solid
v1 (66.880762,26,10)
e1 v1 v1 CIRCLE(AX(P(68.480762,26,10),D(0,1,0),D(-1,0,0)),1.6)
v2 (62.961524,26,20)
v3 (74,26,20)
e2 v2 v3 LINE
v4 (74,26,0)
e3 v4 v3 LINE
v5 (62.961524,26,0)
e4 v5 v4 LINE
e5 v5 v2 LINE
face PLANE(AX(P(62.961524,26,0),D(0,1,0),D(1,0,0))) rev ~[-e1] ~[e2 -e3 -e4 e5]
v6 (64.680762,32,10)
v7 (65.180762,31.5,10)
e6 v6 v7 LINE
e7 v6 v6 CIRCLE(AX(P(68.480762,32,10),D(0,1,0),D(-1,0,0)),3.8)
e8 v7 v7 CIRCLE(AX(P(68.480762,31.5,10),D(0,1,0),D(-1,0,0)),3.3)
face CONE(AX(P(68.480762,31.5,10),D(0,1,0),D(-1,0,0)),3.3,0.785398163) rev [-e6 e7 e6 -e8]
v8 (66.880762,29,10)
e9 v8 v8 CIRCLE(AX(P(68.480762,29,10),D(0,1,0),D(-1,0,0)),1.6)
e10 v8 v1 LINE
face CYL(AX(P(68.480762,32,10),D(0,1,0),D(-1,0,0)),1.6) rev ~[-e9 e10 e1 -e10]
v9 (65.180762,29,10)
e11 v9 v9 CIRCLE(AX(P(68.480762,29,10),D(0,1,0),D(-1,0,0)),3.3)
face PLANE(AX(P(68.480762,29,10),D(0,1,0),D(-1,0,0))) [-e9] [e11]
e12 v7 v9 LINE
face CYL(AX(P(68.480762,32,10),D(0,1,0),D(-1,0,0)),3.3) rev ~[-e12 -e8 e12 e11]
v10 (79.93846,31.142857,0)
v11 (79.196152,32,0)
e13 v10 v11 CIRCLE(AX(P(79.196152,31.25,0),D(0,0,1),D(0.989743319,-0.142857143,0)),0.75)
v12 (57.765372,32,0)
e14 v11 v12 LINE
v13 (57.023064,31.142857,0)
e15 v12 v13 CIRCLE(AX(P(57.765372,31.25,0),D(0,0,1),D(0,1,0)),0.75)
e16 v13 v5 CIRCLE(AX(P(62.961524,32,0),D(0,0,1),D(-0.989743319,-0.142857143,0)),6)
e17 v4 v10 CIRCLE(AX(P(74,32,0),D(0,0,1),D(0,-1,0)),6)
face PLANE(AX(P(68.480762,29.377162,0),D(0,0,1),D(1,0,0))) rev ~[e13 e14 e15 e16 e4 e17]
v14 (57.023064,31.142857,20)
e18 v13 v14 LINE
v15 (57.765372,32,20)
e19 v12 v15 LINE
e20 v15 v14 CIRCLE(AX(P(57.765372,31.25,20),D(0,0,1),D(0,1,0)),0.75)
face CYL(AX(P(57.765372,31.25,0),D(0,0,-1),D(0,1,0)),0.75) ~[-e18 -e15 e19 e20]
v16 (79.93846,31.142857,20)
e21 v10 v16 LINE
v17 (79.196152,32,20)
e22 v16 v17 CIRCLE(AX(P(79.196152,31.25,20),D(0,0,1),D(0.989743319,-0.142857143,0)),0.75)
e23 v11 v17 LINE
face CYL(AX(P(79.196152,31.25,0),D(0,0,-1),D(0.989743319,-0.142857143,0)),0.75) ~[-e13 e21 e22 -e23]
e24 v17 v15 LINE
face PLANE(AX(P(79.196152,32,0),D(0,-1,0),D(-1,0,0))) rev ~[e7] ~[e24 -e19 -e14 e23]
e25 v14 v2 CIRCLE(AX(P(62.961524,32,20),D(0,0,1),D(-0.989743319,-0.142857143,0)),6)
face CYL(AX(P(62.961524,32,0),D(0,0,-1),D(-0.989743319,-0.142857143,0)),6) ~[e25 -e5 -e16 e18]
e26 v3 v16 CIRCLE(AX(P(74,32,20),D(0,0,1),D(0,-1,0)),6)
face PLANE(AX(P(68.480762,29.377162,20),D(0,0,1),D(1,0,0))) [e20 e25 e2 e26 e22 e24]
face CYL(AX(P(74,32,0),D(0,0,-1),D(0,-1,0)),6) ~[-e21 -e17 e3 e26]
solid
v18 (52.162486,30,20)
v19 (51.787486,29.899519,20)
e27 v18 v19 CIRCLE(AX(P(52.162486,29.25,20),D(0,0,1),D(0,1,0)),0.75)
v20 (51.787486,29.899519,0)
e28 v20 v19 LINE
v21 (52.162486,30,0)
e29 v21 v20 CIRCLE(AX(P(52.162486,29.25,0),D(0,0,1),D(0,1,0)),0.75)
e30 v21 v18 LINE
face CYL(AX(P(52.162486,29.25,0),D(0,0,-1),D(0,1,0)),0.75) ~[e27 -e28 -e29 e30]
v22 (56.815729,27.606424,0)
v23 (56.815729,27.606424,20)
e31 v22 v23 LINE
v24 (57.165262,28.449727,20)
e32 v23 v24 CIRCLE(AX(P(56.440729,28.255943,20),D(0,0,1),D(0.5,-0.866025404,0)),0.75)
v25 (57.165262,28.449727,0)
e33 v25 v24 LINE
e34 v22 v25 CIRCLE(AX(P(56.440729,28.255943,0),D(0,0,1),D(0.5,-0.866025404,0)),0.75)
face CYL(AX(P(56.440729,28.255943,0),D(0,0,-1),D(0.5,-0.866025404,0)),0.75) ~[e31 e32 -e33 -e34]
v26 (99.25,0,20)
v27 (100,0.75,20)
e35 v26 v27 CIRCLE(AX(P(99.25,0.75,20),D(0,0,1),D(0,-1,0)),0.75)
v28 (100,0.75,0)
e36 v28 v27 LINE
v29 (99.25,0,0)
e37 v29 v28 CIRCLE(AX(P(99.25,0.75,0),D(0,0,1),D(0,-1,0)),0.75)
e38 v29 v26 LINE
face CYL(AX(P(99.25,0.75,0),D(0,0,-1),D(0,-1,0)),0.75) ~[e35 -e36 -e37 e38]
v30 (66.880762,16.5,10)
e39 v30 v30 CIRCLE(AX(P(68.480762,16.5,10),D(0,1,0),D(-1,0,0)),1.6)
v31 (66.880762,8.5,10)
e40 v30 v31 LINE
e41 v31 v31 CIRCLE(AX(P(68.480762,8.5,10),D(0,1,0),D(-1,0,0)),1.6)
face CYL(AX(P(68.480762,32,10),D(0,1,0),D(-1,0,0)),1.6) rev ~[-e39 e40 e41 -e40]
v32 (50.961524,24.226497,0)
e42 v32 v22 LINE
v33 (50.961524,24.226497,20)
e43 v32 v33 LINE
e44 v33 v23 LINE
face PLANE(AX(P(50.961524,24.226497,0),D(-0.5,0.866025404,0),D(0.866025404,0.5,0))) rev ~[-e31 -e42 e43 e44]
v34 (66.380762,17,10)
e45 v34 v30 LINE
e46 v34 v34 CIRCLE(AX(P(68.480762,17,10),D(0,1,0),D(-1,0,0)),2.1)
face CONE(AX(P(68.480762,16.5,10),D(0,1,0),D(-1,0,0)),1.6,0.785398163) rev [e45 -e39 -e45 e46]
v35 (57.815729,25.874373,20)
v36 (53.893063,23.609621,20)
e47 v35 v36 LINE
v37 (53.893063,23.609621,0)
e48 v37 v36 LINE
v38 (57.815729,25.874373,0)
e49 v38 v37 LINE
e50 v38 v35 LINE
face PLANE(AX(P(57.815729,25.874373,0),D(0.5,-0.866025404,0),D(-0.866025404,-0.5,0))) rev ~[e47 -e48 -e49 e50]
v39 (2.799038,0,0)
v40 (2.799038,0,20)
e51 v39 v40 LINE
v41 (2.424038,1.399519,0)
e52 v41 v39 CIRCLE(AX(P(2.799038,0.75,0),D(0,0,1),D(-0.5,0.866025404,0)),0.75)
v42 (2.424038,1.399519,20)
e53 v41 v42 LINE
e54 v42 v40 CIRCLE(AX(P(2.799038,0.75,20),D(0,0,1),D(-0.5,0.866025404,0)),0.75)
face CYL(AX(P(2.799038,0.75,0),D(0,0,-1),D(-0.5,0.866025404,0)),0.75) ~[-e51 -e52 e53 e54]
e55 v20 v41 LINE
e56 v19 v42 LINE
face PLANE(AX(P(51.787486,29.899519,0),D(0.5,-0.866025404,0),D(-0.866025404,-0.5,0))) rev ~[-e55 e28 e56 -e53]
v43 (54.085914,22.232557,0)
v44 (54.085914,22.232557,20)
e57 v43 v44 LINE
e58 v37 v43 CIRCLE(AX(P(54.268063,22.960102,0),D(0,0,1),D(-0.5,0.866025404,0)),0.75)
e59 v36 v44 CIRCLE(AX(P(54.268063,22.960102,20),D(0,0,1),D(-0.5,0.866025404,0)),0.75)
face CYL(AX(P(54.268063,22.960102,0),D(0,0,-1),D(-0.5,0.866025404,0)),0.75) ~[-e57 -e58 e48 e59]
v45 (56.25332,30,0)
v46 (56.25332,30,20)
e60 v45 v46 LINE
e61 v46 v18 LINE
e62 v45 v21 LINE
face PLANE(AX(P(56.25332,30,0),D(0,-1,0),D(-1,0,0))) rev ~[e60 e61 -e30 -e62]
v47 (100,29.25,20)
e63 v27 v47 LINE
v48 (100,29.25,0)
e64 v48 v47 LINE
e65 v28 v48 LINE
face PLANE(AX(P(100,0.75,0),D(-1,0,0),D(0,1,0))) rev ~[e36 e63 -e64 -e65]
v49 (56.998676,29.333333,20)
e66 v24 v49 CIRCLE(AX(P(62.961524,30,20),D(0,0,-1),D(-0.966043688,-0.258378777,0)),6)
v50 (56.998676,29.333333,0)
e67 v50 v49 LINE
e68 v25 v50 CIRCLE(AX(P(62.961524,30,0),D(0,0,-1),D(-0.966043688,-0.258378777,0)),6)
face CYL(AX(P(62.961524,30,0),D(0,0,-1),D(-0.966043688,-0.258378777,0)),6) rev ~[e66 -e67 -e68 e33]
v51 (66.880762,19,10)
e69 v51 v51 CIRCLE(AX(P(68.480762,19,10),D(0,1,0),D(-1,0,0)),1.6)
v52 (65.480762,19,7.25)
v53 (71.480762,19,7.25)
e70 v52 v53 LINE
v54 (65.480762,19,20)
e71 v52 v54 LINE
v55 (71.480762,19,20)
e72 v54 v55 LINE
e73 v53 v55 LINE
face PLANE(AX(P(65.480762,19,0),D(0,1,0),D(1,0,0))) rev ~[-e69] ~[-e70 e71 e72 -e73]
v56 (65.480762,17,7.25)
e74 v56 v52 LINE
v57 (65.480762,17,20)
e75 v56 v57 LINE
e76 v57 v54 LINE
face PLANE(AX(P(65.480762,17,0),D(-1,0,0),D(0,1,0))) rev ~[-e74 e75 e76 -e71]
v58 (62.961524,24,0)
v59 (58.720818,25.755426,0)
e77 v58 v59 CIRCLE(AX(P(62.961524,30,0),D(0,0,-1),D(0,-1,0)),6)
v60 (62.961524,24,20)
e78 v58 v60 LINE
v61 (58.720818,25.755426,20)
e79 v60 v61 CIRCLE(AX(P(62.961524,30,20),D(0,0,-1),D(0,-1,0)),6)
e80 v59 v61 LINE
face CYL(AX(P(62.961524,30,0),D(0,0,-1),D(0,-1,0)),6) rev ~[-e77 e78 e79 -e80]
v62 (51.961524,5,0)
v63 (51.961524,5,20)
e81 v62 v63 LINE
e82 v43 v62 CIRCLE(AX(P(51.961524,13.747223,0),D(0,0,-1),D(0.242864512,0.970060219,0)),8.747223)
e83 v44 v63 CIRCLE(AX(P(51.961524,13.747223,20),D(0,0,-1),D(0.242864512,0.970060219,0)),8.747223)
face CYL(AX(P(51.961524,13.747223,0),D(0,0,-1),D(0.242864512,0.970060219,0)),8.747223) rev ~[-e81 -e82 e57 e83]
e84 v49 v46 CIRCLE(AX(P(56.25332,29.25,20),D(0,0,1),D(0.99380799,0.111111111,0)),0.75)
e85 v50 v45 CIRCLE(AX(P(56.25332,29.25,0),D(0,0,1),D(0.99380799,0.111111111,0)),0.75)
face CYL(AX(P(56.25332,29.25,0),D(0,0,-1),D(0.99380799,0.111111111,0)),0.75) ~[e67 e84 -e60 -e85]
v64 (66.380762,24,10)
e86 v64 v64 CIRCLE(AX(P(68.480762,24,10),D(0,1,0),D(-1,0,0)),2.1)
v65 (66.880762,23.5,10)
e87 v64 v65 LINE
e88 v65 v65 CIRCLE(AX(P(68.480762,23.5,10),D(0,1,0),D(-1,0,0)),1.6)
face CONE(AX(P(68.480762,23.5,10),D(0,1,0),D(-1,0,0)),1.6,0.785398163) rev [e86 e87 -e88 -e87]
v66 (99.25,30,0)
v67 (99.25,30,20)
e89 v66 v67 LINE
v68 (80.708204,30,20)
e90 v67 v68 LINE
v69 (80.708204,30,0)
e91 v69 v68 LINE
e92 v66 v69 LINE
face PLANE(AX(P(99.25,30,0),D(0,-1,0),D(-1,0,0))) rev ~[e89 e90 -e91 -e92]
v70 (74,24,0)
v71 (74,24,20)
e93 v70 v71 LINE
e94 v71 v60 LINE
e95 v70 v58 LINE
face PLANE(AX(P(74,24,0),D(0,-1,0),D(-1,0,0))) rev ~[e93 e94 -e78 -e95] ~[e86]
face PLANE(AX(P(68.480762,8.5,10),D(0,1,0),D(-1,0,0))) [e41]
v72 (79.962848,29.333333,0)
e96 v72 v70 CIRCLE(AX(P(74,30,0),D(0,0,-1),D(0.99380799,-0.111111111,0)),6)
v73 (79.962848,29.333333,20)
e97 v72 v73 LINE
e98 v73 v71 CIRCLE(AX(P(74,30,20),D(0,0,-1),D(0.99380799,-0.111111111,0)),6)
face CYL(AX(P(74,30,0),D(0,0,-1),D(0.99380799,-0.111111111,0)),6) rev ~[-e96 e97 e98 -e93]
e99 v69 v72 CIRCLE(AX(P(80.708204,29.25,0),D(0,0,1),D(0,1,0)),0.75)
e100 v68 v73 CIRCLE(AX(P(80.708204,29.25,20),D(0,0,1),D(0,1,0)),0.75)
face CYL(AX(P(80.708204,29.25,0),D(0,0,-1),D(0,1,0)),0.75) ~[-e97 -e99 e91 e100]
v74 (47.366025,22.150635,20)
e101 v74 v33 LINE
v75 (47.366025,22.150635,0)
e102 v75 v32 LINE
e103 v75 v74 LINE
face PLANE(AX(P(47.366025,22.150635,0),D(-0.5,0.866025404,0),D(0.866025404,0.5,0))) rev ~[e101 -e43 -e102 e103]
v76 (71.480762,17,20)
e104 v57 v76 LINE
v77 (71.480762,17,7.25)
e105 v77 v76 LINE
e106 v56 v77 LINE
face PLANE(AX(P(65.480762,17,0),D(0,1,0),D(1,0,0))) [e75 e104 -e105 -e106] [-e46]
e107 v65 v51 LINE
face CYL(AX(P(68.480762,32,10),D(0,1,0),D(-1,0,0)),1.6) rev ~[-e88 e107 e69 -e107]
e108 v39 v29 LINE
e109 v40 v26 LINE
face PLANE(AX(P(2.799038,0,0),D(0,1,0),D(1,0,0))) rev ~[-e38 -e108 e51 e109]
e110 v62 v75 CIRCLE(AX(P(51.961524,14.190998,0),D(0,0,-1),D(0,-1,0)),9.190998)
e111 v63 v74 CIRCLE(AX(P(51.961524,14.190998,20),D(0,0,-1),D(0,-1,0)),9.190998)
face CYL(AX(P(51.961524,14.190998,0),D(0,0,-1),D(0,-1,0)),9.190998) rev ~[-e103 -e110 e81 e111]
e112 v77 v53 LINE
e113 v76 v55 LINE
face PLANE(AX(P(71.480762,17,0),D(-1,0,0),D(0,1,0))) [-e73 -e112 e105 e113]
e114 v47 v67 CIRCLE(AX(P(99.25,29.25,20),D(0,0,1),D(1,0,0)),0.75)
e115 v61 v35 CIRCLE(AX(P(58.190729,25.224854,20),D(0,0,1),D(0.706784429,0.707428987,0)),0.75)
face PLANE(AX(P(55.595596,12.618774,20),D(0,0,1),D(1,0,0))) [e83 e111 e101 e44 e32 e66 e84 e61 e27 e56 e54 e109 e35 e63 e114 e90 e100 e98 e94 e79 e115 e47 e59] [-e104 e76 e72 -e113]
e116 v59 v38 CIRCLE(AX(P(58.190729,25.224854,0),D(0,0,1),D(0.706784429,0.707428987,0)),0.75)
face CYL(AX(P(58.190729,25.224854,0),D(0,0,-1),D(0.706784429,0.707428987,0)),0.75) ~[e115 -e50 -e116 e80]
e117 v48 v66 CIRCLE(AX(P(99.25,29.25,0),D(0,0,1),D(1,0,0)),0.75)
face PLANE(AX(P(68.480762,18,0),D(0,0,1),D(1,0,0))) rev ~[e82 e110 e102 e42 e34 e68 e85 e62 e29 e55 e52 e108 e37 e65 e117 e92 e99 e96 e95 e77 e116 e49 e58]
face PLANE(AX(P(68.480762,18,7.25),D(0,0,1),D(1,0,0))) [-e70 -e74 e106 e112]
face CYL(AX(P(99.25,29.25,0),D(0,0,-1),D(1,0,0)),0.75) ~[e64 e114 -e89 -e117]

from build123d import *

# Parameters (mm, degrees)
F3_W      = 6
F3_H      = 2
F4_DEPTH  = 20
F5_DEPTH  = 7.25
F6_R      = 3.3
F6_R_2    = 1.6
F7_DEPTH  = 3
F8_DEPTH  = 23.5
F9_SIZE   = 0.5
F9_2_SIZE = 0.5


with BuildPart() as f4:
    # F3 (on Top) → F4 (new body)
    with BuildSketch(Plane.XY):
        with BuildLine():
            Line((51.7874861214, 29.8995190528), (2.4240381057, 1.3995190528))
            ThreePointArc((2.4240381057, 1.3995190528), (2.074593736, 0.5558857162), (2.7990381057, 0))
            Line((2.7990381057, 0), (99.25, 0))
            ThreePointArc((99.25, 0), (99.7803300859, 0.2196699141), (100, 0.75))
            Line((100, 0.75), (100, 29.25))
            ThreePointArc((100, 29.25), (99.7803300859, 29.7803300859), (99.25, 30))
            Line((99.25, 30), (80.7082039325, 30))
            ThreePointArc((80.7082039325, 30), (80.2082039325, 29.8090169944), (79.96284794, 29.3333333333))
            ThreePointArc((79.96284794, 29.3333333333), (78, 25.527864045), (74, 24))
            Line((74, 24), (62.9615242271, 24))
            ThreePointArc((62.9615242271, 24), (60.6666869252, 24.4561997008), (58.7208176535, 25.7554260807))
            ThreePointArc((58.7208176535, 25.7554260807), (58.2884545214, 25.9684602763), (57.8157293317, 25.8743733936))
            Line((57.8157293317, 25.8743733936), (53.8930627208, 23.6096207698))
            ThreePointArc((53.8930627208, 23.6096207698), (53.5253110496, 22.8560827046), (54.0859143365, 22.2325565527))
            ThreePointArc((54.0859143365, 22.2325565527), (60.64302811, 12.6769873321), (51.9615242271, 5))
            ThreePointArc((51.9615242271, 5), (43.0837022309, 11.8121924121), (47.3660254038, 22.1506350946))
            Line((47.3660254038, 22.1506350946), (50.9615242271, 24.2264973081))
            Line((50.9615242271, 24.2264973081), (56.8157293317, 27.6064242012))
            ThreePointArc((56.8157293317, 27.6064242012), (57.1335735571, 27.9687727831), (57.1652620979, 28.4497273369))
            ThreePointArc((57.1652620979, 28.4497273369), (57.0653935218, 28.8884053319), (56.9986762871, 29.3333333333))
            ThreePointArc((56.9986762871, 29.3333333333), (56.7533202946, 29.8090169944), (56.2533202946, 30))
            Line((56.2533202946, 30), (52.1624861214, 30))
            ThreePointArc((52.1624861214, 30), (51.9683718376, 29.9744443697), (51.7874861214, 29.8995190528))
        make_face()
        with Locations((68.4807621135, 18)):
            Rectangle(F3_W, F3_H, mode=Mode.SUBTRACT)
    extrude(amount=F4_DEPTH)

    # F3 (on Top) → F5 (join)
    with BuildSketch(Plane.XY):
        with Locations((68.4807621135, 18)):
            Rectangle(F3_W, F3_H)
    extrude(amount=F5_DEPTH)


with BuildPart() as f4b:
    # F3 (on Top) → F4, piece 2 (new body)
    with BuildSketch(Plane.XY):
        with BuildLine():
            ThreePointArc((57.0230643154, 31.1428571429), (59.0336022028, 27.4644263239), (62.9615242271, 26))
            Line((62.9615242271, 26), (74, 26))
            ThreePointArc((74, 26), (77.9279220242, 27.4644263239), (79.9384599117, 31.1428571429))
            ThreePointArc((79.9384599117, 31.1428571429), (79.7630991322, 31.740990253), (79.1961524227, 32))
            Line((79.1961524227, 32), (57.7653718044, 32))
            ThreePointArc((57.7653718044, 32), (57.1984250948, 31.740990253), (57.0230643154, 31.1428571429))
        make_face()
    extrude(amount=F4_DEPTH)

    # F6 (on face) → F7 (cut)
    with BuildSketch(Plane(origin=(0, 32, 0), x_dir=(-1, 0, 0), z_dir=(0, 1, 0))):
        with Locations((-68.4807621135, 10)):
            Circle(F6_R)
        with Locations((-68.4807621135, 10)):
            Circle(F6_R_2, mode=Mode.SUBTRACT)
    extrude(amount=-F7_DEPTH, mode=Mode.SUBTRACT)


with BuildPart() as f8_tool:
    # F6 (on face) → F8 (new body)
    with BuildSketch(Plane(origin=(0, 32, 0), x_dir=(-1, 0, 0), z_dir=(0, 1, 0))):
        with Locations((-68.4807621135, 10)):
            Circle(F6_R_2)
    extrude(amount=-F8_DEPTH)


with BuildPart() as f4_1:
    add(f4.part)

    # F8: cut by f8_tool
    add(f8_tool.part, mode=Mode.SUBTRACT)

    # F9#2
    f9_2_edges = [f4_1.edges().sort_by_distance(p)[0] for p in [
        (70.080762, 24, 10),
        (70.080762, 17, 10),
    ]]
    chamfer(f9_2_edges, length=F9_2_SIZE)


with BuildPart() as f4b_1:
    add(f4b.part)

    # F8: cut by f8_tool
    add(f8_tool.part, mode=Mode.SUBTRACT)

    # F9
    f9_edges = [f4b_1.edges().sort_by_distance(p)[0] for p in [
        (71.780762, 32, 10),
    ]]
    chamfer(f9_edges, length=F9_SIZE)


solid = Compound([f4_1.part, f4b_1.part])
